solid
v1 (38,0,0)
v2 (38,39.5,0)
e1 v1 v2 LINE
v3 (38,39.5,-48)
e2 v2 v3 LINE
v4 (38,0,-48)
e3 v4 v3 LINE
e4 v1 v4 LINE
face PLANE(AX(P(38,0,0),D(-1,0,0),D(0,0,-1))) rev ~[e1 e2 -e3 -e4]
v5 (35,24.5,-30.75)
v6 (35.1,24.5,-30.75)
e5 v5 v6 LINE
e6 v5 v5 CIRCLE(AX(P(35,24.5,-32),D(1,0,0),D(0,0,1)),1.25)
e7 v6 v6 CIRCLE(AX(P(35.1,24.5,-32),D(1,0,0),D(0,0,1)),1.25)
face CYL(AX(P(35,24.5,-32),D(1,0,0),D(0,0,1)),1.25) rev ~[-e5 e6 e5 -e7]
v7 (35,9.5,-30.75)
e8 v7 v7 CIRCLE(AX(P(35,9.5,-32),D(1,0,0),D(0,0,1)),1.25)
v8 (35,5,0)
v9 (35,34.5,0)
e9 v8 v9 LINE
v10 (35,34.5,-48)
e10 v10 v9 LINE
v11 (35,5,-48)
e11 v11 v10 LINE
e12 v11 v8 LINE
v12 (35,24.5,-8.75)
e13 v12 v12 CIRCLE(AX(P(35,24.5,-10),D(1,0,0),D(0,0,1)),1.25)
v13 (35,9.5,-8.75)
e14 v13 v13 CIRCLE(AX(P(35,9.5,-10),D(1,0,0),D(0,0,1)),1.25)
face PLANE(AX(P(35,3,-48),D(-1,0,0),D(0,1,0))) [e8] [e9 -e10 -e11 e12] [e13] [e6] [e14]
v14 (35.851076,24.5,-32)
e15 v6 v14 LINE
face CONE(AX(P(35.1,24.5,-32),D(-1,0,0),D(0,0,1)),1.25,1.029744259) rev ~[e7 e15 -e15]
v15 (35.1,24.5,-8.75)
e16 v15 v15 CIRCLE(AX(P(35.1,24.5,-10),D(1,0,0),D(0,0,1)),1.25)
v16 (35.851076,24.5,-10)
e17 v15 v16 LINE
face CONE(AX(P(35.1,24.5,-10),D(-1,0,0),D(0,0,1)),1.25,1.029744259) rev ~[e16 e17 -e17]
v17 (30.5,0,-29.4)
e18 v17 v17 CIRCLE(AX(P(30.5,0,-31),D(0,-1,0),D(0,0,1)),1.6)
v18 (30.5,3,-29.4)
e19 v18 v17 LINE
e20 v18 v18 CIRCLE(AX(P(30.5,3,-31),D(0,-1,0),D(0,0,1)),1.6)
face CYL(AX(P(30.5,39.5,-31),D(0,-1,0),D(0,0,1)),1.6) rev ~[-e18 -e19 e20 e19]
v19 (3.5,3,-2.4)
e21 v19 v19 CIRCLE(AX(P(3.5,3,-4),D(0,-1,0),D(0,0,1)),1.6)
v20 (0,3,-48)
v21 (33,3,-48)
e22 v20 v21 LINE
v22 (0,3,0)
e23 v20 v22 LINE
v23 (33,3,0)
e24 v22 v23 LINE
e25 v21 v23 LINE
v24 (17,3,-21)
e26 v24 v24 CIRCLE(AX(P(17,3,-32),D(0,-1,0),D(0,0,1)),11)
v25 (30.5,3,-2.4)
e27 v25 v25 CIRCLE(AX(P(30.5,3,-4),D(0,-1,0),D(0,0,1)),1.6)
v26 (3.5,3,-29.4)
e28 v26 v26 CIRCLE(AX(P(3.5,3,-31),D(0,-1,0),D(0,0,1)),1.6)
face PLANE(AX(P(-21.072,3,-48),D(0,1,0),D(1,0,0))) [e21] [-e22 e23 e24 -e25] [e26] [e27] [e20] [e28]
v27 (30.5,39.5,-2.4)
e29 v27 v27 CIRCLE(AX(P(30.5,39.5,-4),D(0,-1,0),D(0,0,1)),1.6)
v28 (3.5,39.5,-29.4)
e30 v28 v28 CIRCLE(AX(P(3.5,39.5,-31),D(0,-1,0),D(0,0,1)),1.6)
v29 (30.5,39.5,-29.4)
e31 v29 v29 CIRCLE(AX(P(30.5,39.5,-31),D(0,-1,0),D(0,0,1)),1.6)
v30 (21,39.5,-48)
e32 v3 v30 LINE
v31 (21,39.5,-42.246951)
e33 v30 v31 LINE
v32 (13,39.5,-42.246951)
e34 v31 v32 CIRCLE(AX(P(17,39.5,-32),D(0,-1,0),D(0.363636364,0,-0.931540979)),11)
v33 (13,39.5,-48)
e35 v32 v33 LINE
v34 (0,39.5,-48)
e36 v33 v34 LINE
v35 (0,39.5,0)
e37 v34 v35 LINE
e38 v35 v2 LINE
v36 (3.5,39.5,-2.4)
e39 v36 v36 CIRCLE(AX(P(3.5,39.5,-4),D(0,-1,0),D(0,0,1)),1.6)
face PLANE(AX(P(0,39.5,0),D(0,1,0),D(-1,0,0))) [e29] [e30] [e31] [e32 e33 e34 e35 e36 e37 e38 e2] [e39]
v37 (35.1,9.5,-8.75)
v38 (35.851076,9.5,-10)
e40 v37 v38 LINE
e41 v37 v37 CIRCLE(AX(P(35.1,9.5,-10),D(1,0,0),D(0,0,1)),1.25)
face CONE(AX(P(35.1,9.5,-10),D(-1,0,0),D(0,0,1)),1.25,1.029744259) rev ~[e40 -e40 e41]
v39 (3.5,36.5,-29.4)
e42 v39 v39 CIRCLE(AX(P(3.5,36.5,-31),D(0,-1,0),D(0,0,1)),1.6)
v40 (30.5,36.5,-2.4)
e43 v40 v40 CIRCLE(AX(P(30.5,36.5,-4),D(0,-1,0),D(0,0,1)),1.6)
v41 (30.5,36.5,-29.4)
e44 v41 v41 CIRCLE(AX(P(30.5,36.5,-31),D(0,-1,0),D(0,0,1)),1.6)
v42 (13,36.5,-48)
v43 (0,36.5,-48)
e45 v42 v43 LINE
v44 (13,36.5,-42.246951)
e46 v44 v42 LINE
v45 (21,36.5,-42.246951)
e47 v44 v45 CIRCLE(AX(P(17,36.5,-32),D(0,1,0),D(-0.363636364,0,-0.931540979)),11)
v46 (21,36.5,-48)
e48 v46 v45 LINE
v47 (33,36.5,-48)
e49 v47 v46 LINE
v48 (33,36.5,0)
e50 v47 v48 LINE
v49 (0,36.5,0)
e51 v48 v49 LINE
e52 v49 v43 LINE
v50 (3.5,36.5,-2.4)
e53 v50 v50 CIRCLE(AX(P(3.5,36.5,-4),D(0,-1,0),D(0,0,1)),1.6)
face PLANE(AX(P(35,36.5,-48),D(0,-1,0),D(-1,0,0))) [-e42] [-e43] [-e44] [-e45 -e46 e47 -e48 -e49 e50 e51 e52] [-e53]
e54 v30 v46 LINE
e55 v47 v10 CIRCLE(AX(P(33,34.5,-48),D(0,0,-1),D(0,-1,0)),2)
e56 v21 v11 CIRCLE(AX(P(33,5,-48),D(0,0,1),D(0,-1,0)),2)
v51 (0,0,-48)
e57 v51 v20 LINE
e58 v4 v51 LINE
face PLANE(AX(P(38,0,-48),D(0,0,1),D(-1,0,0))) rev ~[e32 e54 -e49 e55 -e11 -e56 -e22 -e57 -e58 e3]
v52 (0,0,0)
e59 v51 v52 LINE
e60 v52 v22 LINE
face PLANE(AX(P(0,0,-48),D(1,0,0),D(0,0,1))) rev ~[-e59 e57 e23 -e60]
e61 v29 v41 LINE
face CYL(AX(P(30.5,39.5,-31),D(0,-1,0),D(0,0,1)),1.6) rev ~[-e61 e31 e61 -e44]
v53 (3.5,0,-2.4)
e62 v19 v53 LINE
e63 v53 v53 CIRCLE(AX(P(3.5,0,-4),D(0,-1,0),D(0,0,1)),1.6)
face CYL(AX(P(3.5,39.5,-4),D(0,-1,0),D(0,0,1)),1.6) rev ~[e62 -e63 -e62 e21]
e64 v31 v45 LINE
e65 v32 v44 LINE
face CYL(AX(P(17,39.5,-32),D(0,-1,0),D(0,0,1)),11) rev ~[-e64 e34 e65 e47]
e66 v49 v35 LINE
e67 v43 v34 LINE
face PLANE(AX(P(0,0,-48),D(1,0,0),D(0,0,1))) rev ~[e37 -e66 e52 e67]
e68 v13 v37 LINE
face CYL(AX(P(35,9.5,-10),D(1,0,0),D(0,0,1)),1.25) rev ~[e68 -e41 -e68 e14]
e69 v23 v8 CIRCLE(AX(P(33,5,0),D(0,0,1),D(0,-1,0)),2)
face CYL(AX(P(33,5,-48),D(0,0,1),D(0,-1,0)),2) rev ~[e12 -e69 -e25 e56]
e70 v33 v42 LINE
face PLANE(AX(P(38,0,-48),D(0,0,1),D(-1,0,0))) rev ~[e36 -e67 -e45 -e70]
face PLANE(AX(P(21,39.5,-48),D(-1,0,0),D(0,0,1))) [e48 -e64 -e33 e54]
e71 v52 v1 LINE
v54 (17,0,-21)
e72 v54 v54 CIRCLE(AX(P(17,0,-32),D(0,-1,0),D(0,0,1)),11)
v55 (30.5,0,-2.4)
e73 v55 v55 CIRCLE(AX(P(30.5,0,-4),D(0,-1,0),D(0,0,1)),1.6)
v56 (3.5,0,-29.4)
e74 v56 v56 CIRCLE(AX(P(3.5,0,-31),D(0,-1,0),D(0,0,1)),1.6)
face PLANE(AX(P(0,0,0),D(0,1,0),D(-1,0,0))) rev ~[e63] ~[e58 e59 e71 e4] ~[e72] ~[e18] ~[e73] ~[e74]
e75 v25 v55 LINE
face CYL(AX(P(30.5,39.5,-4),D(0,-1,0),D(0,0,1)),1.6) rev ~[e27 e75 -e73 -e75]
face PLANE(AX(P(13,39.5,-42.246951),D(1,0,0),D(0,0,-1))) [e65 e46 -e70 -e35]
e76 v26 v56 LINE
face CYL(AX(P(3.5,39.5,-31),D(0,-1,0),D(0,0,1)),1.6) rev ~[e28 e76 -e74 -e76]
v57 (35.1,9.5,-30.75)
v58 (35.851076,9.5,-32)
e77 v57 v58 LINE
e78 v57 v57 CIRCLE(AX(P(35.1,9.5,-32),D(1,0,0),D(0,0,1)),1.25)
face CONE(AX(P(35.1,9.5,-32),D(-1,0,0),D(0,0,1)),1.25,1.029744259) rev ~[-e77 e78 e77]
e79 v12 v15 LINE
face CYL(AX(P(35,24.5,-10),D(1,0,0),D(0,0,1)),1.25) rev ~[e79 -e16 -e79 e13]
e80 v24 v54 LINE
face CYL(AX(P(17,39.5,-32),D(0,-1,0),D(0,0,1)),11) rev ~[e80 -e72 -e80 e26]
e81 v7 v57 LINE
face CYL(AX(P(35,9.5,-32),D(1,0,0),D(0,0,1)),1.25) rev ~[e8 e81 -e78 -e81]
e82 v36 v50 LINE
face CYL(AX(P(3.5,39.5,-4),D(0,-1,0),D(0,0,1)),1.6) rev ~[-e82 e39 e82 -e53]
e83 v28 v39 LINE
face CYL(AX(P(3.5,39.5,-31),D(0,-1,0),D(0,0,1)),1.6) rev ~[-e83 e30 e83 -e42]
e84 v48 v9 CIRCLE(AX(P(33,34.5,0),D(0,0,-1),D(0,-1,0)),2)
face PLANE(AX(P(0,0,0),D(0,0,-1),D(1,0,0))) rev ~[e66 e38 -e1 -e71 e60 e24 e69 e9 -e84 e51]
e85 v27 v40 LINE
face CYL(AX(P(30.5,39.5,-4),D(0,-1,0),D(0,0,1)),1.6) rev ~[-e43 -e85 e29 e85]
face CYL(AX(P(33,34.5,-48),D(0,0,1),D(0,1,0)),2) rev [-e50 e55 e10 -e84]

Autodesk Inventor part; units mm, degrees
ref_plane "YZ Plane" through (0, 0, 0) normal (1, 0, 0) x (0, 1, 0)
ref_plane "XZ Plane" through (0, 0, 0) normal (0, 1, 0) x (-1, 0, 0)
ref_plane "XY Plane" through (0, 0, 0) normal (0, 0, 1) x (1, 0, 0)
sketch "スケッチ1" plane through (0, 0, 0) normal (0, 1, 0) x (-1, 0, 0)
  line L0 (0, 0) -> (-38, 0)
  line L1 (-38, 0) -> (-38, -48)
  line L2 (-38, -48) -> (0, -48)
  line L3 (0, -48) -> (0, 0)
  dimension "d0" = 48
  dimension "d1" = 38
extrude "押し出し1" add sketch "スケッチ1" along normal blind 39.5
sketch "スケッチ2" plane through (38, 0, -48) normal (0, 0, -1) x (-1, 0, 0)
  line L0 (3, 36.5) -> (59.072, 36.5)
  line L1 (59.072, 36.5) -> (59.072, 3)
  line L2 (59.072, 3) -> (3, 3)
  line L3 (3, 3) -> (3, 36.5)
  line L4 (0, 39.5) -> (38, 39.5) projected
  line L5 (0, 0) -> (38, 0) projected
  line L6 (0, 0) -> (0, 39.5) projected
  dimension "d4" = 33.5
  dimension "d6" = 3
  dimension "d7" = 3
extrude "押し出し2" cut sketch "スケッチ2" against normal blind 100
sketch "スケッチ3" plane through (0, 39.5, 0) normal (0, 1, 0) x (1, 0, 0)
  line L0 (38, 48) -> (0, 48) projected
  line L1 (38, 0) -> (38, 48) projected
  point P0 (0, 0)
  point P1 (17, 32)
  dimension "d10" = 16
  dimension "d11" = 21
hole "穴1" at (17, 39.5, -32) direction (0, -1, 0) diameter 22 end through all
sketch "スケッチ4" plane through (0, 39.5, 0) normal (0, 1, 0) x (1, 0, 0)
  line L0 (0, 0) -> (38, 0) projected
  line L1 (38, 0) -> (38, 48) projected
  point P0 (30.5, 4)
  point P1 (30.5, 31)
  point P2 (3.5, 4)
  point P3 (3.5, 31)
  point P4 (3.5, 4)
  dimension "d19" = 4
  dimension "d20" = 7.5
  dimension "d23" = 27
  dimension "d26" = 27
hole "穴2" at (30.5, 39.5, -4) at (30.5, 39.5, -31) at (3.5, 39.5, -31) at (3.5, 39.5, -4) direction (0, -1, 0) diameter 3.2 end through all
sketch "スケッチ6" plane through (38, 0, 0) normal (1, 0, 0) x (0, 0, -1)
  line L0 (0, 39.5) -> (48, 39.5) projected
  line L1 (0, 0) -> (0, 39.5) projected
  point P0 (10, 24.5)
  point P1 (32, 24.5)
  point P2 (10, 9.5)
  point P3 (32, 9.5)
  dimension "d45" = 15
  dimension "d46" = 10
  dimension "d49" = 22
  dimension "d52" = 15
fillet "フィレット1" radius 2 2 edges at (35, 3, -24) (35, 36.5, -24)
sketch "スケッチ7" plane through (0, 39.5, 0) normal (0, 1, 0) x (1, 0, 0)
  line L0 (38, 48) -> (0, 48) projected
  line L1 (13, 48) -> (21, 48)
  line L2 (21, 48) -> (21, 39.3329)
  line L3 (21, 39.3329) -> (13, 39.3329)
  line L4 (13, 39.3329) -> (13, 48)
  circle A0 centre (17, 32) radius 11 projected
  point P0 (0, 0)
  point P1 (13, 42.247)
  point P2 (21, 42.247)
  dimension "d69" = 8
  dimension "d70" = 4
extrude "押し出し3" cut sketch "スケッチ7" against normal blind 3 contours L2 A0 L4 L0
sketch "スケッチ8" plane through (35, 5, -48) normal (-1, 0, 0) x (0, 0, 1)
  line L0 (16, 4.5) -> (38, 4.5)
  line L1 (38, 4.5) -> (38, 19.5)
  line L2 (38, 19.5) -> (16, 19.5)
  line L3 (16, 19.5) -> (16, 4.5)
  line L4 (48, 34.5) -> (48, 0) projected
  line L5 (48, 34.5) -> (0, 34.5) projected
  point P0 (48, -5)
  point P1 (48, 29.5)
  dimension "d73" = 10
  dimension "d74" = 22
  dimension "d75" = 15
  dimension "d76" = 15
hole "穴5" at (35, 9.5, -10) at (35, 9.5, -32) at (35, 24.5, -32) at (35, 24.5, -10) direction (1, 0, 0) diameter 2.5 depth 0.1 tip angle 118
properties part number "サーボモータ固定用２軸目3mm改_printer"
